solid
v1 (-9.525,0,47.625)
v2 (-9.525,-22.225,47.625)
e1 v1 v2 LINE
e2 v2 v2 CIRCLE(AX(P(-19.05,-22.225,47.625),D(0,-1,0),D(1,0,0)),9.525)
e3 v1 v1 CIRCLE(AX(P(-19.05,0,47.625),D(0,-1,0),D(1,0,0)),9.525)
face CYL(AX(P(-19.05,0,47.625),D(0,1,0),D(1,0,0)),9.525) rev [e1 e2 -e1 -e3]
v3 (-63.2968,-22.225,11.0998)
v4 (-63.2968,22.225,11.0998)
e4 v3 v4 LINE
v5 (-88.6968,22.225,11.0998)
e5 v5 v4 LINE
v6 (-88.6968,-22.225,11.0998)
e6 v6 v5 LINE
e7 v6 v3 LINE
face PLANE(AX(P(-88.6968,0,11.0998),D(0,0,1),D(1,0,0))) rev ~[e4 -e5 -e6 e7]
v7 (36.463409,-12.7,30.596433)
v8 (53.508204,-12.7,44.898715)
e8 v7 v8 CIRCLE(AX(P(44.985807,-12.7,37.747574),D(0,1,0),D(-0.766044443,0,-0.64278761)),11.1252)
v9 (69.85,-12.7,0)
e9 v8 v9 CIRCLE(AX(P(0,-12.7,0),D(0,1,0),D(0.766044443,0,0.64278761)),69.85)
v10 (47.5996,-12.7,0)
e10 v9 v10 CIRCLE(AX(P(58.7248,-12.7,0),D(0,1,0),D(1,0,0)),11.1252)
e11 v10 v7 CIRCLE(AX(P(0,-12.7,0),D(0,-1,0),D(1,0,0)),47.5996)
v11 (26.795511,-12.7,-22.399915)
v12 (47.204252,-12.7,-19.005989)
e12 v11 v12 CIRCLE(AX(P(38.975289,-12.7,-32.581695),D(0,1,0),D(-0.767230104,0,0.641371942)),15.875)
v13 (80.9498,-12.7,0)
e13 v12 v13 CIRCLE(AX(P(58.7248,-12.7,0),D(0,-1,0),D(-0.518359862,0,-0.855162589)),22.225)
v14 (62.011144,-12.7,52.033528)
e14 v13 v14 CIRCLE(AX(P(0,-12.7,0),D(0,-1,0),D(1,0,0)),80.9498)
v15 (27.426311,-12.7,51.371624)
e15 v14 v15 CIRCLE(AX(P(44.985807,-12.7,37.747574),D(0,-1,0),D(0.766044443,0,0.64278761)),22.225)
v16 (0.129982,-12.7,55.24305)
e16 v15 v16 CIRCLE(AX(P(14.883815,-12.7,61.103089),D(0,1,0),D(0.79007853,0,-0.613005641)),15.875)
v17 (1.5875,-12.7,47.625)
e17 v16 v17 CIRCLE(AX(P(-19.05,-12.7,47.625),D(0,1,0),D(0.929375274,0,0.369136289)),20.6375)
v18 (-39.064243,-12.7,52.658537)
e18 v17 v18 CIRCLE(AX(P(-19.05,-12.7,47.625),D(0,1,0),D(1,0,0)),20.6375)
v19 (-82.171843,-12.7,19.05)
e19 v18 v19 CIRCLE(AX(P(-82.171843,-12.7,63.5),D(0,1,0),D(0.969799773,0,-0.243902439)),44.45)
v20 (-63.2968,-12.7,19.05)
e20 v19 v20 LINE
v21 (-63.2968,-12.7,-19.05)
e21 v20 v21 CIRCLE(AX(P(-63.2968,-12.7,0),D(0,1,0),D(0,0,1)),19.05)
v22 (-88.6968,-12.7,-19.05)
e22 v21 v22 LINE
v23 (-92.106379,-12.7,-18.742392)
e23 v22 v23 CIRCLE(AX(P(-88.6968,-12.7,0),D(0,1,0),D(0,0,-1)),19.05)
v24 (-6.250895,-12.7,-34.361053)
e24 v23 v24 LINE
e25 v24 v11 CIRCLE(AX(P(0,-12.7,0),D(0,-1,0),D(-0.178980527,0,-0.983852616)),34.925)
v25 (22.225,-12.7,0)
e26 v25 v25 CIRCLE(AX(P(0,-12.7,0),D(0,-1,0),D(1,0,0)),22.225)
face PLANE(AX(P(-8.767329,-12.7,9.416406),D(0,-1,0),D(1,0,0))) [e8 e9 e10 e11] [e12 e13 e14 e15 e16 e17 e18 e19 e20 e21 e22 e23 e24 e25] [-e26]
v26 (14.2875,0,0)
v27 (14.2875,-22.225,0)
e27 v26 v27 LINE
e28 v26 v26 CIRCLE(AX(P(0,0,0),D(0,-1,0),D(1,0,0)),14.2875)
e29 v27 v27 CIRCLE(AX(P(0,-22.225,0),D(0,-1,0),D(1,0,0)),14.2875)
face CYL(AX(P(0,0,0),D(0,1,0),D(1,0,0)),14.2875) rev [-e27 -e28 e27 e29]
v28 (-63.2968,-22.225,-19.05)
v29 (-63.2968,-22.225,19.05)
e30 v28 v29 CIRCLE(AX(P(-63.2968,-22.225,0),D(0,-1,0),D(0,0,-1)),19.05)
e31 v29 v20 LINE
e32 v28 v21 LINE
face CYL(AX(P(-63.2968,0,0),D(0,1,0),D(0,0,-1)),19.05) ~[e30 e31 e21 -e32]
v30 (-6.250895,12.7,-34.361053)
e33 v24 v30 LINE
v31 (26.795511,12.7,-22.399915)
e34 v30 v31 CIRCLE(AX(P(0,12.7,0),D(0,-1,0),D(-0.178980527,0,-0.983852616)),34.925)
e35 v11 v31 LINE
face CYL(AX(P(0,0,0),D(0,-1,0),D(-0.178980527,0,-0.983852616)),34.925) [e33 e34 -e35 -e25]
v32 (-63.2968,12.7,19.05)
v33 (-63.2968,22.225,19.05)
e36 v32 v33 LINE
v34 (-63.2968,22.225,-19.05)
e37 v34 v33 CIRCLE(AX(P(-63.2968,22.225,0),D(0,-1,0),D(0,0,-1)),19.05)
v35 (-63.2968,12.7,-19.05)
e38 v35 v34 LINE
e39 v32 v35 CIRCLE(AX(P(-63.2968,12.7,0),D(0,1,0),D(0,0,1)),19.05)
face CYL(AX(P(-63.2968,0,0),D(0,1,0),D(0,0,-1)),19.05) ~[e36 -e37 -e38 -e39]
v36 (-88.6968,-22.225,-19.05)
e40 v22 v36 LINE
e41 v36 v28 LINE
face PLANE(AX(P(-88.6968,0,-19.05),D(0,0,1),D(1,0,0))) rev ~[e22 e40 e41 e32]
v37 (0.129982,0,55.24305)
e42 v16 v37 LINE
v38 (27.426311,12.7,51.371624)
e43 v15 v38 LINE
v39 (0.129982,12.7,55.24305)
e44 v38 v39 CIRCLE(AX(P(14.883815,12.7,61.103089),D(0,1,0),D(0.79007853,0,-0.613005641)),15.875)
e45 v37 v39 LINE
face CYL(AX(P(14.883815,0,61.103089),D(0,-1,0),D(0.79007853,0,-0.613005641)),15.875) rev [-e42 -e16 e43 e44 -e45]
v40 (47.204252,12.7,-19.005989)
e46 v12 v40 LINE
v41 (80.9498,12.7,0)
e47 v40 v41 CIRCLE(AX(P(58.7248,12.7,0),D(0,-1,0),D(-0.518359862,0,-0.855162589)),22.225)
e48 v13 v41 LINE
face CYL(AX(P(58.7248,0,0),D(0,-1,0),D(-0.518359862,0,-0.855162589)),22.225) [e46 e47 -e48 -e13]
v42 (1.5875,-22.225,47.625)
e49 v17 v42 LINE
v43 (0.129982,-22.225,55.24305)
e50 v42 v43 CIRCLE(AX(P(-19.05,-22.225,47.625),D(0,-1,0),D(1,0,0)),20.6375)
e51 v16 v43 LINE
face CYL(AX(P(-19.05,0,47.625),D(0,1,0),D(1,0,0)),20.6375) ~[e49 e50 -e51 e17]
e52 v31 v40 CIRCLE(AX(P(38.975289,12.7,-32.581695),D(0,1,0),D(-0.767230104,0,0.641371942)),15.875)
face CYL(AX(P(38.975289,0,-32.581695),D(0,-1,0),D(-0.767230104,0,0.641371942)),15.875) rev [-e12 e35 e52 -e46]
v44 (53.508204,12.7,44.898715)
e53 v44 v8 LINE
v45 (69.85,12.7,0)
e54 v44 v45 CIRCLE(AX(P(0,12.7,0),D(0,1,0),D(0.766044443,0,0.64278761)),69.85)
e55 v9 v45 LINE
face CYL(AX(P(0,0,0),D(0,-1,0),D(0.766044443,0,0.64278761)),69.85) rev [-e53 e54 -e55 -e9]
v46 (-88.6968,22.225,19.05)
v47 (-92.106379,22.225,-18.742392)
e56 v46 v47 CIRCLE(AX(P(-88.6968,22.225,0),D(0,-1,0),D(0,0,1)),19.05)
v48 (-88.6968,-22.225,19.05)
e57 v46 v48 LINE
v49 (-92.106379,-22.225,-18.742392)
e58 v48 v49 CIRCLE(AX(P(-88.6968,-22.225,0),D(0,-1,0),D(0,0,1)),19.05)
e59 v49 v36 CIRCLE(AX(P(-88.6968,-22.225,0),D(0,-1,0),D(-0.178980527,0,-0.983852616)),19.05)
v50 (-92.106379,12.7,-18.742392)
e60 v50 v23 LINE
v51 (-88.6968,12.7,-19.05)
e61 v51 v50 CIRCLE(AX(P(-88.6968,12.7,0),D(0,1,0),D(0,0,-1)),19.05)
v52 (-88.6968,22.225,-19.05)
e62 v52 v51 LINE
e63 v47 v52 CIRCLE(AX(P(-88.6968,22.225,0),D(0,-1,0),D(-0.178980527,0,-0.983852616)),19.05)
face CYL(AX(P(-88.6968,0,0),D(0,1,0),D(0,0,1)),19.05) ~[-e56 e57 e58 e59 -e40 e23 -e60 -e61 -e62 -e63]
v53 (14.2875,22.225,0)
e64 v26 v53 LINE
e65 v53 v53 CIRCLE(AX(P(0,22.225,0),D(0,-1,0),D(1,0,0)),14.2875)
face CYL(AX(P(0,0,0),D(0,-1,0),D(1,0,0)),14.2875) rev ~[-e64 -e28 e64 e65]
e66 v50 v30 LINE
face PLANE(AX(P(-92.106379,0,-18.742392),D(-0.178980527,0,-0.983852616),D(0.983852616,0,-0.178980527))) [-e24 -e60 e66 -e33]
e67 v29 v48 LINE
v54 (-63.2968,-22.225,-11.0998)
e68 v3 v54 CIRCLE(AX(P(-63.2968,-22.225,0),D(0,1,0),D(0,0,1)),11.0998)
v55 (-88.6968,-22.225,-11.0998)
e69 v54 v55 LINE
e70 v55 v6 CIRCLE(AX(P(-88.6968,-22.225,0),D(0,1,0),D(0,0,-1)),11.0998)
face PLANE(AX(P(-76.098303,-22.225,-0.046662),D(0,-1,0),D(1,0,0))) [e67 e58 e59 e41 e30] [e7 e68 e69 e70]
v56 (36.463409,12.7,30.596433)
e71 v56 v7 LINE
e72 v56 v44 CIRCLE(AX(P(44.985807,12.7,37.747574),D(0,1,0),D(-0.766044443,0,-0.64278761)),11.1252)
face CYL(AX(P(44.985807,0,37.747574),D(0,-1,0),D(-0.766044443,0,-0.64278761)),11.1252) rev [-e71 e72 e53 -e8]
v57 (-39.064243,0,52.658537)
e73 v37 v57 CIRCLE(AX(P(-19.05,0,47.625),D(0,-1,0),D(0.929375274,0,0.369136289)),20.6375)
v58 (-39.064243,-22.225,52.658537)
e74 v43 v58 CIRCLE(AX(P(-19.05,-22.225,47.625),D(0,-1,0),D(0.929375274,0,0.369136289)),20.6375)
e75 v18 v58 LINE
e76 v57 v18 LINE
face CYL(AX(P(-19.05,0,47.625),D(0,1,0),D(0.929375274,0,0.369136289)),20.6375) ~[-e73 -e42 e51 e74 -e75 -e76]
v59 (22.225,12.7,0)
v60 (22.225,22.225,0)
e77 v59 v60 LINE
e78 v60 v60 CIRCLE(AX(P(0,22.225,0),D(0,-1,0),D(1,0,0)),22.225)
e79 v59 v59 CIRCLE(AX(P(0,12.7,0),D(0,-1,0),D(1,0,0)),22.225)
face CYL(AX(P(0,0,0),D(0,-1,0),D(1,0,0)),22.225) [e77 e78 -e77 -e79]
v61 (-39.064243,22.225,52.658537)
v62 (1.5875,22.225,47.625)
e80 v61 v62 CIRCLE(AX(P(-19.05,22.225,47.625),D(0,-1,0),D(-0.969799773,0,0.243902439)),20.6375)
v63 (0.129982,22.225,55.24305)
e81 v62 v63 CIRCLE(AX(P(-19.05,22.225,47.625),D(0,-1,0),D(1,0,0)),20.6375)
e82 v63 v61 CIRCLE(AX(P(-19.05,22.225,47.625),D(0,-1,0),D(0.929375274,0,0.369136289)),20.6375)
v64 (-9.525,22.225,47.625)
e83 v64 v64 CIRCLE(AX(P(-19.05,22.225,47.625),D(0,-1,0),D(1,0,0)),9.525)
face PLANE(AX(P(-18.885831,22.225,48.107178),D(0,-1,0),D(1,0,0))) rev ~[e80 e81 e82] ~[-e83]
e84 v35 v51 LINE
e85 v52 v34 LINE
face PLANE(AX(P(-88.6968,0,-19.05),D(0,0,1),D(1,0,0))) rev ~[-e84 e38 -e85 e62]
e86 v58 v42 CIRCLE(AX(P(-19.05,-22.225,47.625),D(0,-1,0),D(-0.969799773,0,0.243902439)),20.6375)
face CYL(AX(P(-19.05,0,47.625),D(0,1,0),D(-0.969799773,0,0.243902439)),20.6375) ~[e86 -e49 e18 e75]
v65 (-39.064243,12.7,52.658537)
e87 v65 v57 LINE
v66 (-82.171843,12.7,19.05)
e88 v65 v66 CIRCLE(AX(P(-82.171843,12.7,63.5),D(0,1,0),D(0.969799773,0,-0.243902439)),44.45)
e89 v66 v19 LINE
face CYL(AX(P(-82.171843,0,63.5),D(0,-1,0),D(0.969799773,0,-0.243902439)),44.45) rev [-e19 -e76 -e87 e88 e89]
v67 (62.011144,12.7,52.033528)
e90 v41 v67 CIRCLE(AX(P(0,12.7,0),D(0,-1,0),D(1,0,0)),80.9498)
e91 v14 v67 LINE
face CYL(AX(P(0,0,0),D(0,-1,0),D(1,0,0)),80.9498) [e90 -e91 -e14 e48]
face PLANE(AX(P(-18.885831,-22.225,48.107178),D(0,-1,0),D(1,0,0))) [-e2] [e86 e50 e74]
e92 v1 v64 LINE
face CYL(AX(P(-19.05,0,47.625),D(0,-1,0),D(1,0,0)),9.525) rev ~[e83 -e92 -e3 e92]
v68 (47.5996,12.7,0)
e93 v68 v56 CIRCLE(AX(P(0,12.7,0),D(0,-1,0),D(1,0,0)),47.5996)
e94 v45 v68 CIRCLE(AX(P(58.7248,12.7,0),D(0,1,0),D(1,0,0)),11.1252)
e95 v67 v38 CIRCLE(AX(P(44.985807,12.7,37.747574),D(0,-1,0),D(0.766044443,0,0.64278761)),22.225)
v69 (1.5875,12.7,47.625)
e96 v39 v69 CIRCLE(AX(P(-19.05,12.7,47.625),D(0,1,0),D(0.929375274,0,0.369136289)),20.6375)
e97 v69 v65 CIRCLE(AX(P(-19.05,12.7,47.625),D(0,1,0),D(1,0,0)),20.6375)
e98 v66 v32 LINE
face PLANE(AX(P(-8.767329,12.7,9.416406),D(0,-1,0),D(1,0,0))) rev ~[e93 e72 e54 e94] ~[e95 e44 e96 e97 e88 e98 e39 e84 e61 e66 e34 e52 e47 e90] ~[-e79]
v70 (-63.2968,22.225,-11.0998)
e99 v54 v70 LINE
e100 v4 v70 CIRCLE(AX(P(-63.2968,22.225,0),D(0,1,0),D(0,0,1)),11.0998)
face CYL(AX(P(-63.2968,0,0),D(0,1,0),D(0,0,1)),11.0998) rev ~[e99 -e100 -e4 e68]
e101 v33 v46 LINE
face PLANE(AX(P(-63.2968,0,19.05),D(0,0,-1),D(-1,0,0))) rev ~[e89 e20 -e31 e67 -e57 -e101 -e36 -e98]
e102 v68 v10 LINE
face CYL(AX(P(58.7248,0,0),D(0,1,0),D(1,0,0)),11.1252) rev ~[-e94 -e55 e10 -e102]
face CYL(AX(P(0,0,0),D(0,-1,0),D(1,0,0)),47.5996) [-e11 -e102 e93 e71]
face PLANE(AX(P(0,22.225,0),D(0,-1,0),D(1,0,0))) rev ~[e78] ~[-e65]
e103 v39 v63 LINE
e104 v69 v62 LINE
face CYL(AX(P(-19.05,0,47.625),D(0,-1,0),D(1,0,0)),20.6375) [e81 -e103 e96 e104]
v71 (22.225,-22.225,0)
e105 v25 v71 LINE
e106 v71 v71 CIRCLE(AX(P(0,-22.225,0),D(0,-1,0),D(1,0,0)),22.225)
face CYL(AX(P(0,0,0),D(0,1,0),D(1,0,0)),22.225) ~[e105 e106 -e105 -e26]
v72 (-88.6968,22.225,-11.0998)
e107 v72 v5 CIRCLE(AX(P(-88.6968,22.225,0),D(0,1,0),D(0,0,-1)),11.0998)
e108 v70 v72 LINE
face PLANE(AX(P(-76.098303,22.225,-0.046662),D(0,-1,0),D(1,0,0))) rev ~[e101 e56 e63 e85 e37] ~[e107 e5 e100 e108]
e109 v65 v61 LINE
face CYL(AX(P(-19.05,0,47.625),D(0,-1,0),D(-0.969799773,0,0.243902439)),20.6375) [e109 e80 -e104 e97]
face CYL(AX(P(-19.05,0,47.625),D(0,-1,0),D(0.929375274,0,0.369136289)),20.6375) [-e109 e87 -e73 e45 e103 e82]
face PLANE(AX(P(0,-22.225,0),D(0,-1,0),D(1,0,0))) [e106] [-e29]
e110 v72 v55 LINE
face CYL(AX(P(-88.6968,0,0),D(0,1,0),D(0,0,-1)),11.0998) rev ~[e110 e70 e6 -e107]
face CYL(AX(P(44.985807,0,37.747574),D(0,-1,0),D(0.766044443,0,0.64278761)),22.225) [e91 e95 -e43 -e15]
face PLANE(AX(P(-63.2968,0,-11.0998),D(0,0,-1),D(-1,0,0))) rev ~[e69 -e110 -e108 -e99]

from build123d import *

# Parameters (mm, degrees)
F0_R     = 22.225
F1_DEPTH = 12.7
F0_R_2   = 14.2875
F0_R_3   = 9.525
F2_DEPTH = 22.225


with BuildPart() as f1:
    # F0 (on Front) → F1 (new body, symmetric)
    with BuildSketch(Plane.XZ):
        with BuildLine():
            ThreePointArc((0.129982223, 55.2430501556), (1.2198456997, 51.5031131444), (1.5875, 47.625))
            ThreePointArc((1.5875, 47.625), (-21.5859879765, 27.1439069815), (-39.0642428209, 52.6585365854))
            ThreePointArc((-39.0642428209, 52.6585365854), (-54.8414617427, 28.4450035745), (-82.1718427428, 19.05))
            Line((-82.1718427428, 19.05), (-63.2968, 19.05))
            ThreePointArc((-63.2968, 19.05), (-44.2468, 0), (-63.2968, -19.05))
            Line((-63.2968, -19.05), (-88.6968, -19.05))
            ThreePointArc((-88.6968, -19.05), (-90.408513446, -18.9729422357), (-92.1063790378, -18.7423923442))
            Line((-92.1063790378, -18.7423923442), (-6.2508949026, -34.3610526311))
            ThreePointArc((-6.2508949026, -34.3610526311), (11.8864426741, -32.8400381479), (26.7955113754, -22.3999150697))
            ThreePointArc((26.7955113754, -22.3999150697), (36.3710774359, -16.9217551289), (47.2042520761, -19.005988544))
            ThreePointArc((47.2042520761, -19.005988544), (69.6313679155, -19.3648496329), (80.9498, 0))
            ThreePointArc((80.9498, 0), (76.0679297141, 27.6864621982), (62.0111444616, 52.0335284466))
            ThreePointArc((62.0111444616, 52.0335284466), (44.5605298684, 59.9685045985), (27.4263113735, 51.3716241887))
            ThreePointArc((27.4263113735, 51.3716241887), (12.6545802444, 45.3853872913), (0.129982223, 55.2430501556))
        make_face()
        Circle(F0_R, mode=Mode.SUBTRACT)
        with BuildLine():
            ThreePointArc((69.85, 0), (58.7248, -11.1252), (47.5996, 0))
            ThreePointArc((47.5996, 0), (44.7289928724, 16.2800220142), (36.4634090747, 30.596433106))
            ThreePointArc((36.4634090747, 30.596433106), (37.834665998, 46.2699714599), (53.5082043519, 44.8987145366))
            ThreePointArc((53.5082043519, 44.8987145366), (65.6375295619, 23.8901070113), (69.85, 0))
        make_face(mode=Mode.SUBTRACT)
    extrude(amount=F1_DEPTH, both=True)

    # F0 (on Front) → F2 (join, symmetric)
    with BuildSketch(Plane.XZ):
        with BuildLine():
            Line((-63.2968, 19.05), (-82.1718427428, 19.05))
            Line((-82.1718427428, 19.05), (-88.6968, 19.05))
            ThreePointArc((-88.6968, 19.05), (-107.6697422357, 1.711713446), (-92.1063790378, -18.7423923442))
            ThreePointArc((-92.1063790378, -18.7423923442), (-90.408513446, -18.9729422357), (-88.6968, -19.05))
            Line((-88.6968, -19.05), (-63.2968, -19.05))
            ThreePointArc((-63.2968, -19.05), (-44.2468, 0), (-63.2968, 19.05))
        make_face()
        with BuildLine():
            ThreePointArc((-88.6968, -11.0998), (-99.7966, 0), (-88.6968, 11.0998))
            Line((-88.6968, 11.0998), (-63.2968, 11.0998))
            ThreePointArc((-63.2968, 11.0998), (-52.197, 0), (-63.2968, -11.0998))
            Line((-63.2968, -11.0998), (-88.6968, -11.0998))
        make_face(mode=Mode.SUBTRACT)
        Circle(F0_R)
        Circle(F0_R_2, mode=Mode.SUBTRACT)
        with BuildLine():
            ThreePointArc((-39.0642428209, 52.6585365854), (-21.5859879765, 27.1439069815), (1.5875, 47.625))
            ThreePointArc((1.5875, 47.625), (1.2198456997, 51.5031131444), (0.129982223, 55.2430501556))
            ThreePointArc((0.129982223, 55.2430501556), (-20.407912105, 68.217777398), (-39.0642428209, 52.6585365854))
        make_face()
        with Locations((-19.05, 47.625)):
            Circle(F0_R_3, mode=Mode.SUBTRACT)
    extrude(amount=F2_DEPTH, both=True)


solid = f1.part
